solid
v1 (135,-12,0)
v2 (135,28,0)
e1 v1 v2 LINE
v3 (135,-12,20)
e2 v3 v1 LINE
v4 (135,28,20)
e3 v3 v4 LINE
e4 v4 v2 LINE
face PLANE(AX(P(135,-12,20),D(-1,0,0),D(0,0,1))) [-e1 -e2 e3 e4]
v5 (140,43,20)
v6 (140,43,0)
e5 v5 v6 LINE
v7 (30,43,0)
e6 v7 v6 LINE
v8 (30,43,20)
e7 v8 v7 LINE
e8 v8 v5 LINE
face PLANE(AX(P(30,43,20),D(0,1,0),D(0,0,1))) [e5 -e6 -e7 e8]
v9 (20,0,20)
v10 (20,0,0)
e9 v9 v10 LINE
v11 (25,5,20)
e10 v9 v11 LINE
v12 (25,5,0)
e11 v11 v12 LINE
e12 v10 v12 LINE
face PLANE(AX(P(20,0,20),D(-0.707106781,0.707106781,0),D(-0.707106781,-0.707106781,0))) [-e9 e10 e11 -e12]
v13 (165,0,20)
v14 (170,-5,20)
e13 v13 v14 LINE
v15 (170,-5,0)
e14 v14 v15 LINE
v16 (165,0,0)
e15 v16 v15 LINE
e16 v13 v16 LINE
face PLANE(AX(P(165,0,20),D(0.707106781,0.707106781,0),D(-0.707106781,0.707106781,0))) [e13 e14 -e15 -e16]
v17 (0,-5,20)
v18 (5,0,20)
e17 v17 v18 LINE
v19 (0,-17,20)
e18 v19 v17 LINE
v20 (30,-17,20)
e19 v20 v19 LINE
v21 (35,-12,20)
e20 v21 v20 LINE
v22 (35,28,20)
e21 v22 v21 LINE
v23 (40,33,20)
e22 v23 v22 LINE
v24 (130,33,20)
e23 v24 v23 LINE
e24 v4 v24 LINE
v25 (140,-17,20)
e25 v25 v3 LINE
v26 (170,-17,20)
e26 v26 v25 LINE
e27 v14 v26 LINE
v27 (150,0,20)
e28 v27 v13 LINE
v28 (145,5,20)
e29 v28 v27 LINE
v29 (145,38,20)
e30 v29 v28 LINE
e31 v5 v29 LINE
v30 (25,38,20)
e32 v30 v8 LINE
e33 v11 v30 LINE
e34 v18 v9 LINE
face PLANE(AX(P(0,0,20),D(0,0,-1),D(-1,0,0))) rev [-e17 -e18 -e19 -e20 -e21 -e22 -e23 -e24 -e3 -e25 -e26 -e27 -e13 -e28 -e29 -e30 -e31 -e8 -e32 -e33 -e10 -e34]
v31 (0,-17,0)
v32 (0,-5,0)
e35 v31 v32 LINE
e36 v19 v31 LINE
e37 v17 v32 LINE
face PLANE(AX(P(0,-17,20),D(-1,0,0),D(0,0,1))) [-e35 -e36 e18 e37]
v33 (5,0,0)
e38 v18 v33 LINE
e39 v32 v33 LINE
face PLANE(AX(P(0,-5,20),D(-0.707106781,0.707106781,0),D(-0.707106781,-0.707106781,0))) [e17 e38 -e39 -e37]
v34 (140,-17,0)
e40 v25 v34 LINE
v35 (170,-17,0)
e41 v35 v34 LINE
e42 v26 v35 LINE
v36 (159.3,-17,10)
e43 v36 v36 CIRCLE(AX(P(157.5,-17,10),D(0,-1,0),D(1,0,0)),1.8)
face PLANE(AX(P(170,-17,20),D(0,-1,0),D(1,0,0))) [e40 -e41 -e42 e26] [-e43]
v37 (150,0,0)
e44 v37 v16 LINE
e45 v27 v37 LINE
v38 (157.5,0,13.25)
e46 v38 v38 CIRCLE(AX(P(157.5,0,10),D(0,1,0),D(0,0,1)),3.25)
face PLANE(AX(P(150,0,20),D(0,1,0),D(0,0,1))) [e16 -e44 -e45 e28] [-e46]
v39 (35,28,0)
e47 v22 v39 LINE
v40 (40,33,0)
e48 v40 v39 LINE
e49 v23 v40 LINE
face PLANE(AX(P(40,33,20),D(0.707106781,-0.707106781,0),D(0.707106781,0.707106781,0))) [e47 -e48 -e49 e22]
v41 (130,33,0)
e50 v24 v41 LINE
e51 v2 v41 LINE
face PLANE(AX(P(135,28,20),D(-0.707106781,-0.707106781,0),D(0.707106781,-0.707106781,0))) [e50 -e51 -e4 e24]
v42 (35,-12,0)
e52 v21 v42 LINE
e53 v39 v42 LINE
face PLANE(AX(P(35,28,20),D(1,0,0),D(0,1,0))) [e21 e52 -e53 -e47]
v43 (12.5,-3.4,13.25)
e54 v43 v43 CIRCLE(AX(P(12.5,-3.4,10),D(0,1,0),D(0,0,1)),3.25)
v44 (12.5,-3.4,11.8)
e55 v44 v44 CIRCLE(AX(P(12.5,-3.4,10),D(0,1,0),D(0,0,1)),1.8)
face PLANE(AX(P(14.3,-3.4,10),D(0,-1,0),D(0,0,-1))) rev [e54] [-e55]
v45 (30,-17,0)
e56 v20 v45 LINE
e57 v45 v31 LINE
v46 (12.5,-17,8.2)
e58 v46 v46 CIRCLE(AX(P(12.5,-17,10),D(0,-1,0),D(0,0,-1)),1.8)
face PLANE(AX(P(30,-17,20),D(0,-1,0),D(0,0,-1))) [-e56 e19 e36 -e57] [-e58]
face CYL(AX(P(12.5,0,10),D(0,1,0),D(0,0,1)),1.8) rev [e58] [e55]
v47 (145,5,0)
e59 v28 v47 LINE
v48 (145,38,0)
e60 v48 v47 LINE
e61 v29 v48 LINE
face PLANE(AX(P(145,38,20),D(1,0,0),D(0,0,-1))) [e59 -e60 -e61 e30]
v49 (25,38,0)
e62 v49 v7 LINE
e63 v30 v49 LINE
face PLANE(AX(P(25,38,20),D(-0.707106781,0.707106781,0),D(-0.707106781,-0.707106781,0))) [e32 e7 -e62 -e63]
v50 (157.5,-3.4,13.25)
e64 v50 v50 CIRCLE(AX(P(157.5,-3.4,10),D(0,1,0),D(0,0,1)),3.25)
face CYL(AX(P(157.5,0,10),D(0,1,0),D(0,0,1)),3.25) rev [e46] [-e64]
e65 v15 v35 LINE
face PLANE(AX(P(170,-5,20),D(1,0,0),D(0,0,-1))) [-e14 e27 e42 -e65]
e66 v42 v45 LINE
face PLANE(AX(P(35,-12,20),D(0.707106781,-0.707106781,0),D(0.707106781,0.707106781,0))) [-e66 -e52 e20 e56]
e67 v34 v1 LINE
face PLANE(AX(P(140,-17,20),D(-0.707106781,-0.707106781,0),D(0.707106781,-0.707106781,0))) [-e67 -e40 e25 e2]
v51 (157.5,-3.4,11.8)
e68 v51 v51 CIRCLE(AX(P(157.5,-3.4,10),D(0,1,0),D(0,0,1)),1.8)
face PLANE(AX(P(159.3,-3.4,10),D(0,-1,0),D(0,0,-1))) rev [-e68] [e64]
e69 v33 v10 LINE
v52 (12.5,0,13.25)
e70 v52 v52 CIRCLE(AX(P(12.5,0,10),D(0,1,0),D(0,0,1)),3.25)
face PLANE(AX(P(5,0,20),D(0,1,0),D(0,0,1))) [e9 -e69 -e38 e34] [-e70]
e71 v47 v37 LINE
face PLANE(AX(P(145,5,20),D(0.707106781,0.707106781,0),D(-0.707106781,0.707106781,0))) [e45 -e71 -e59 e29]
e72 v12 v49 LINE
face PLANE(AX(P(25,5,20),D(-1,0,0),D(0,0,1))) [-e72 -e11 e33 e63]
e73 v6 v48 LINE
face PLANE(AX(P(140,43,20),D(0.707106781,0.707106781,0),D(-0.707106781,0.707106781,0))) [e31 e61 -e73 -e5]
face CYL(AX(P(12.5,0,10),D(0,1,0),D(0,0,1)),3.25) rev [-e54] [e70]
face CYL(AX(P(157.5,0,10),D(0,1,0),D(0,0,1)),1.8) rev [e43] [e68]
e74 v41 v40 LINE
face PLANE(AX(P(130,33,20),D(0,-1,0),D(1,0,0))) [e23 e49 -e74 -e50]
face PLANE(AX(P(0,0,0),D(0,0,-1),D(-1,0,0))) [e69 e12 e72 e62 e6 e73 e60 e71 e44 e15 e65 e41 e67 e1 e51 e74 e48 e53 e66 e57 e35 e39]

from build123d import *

# Parameters (mm, degrees)
AUFSATZ_LINEAR_AUSTRAGEN1_DEPTH                      = 20
STIRNSENKUNG_F_R_M3_ZYLINDERSCHRAUBE_MIT_D           = 3.6
STIRNSENKUNG_F_R_M3_ZYLINDERSCHRAUBE_MIT_DEPTH       = 17
STIRNSENKUNG_F_R_M3_ZYLINDERSCHRAUBE_MIT_CBORE_D     = 6.5
STIRNSENKUNG_F_R_M3_ZYLINDERSCHRAUBE_MIT_CBORE_DEPTH = 3.4


with BuildPart() as part:
    # Skizze1 → Aufsatz-Linear austragen1 (new body)
    with BuildSketch(Plane.XY):
        Polygon((5, 0), (20, 0), (25, 5), (25, 38), (30, 43), (140, 43), (145, 38), (145, 5), (150, 0), (165, 0), (170, -5), (170, -17), (140, -17), (135, -12), (135, 28), (130, 33), (40, 33), (35, 28), (35, -12), (30, -17), (0, -17), (0, -5), align=None)
    extrude(amount=AUFSATZ_LINEAR_AUSTRAGEN1_DEPTH)

    # Stirnsenkung für M3 Zylinderschraube mit Innensechskant2
    with Locations(Plane(origin=(0, 0, 0), x_dir=(1, 0, 0), z_dir=(0, 1, 0))):
        with Locations((157.5, -10), (12.5, -10)):
            CounterBoreHole(STIRNSENKUNG_F_R_M3_ZYLINDERSCHRAUBE_MIT_D / 2, STIRNSENKUNG_F_R_M3_ZYLINDERSCHRAUBE_MIT_CBORE_D / 2, STIRNSENKUNG_F_R_M3_ZYLINDERSCHRAUBE_MIT_CBORE_DEPTH, depth=STIRNSENKUNG_F_R_M3_ZYLINDERSCHRAUBE_MIT_DEPTH)


solid = part.part
